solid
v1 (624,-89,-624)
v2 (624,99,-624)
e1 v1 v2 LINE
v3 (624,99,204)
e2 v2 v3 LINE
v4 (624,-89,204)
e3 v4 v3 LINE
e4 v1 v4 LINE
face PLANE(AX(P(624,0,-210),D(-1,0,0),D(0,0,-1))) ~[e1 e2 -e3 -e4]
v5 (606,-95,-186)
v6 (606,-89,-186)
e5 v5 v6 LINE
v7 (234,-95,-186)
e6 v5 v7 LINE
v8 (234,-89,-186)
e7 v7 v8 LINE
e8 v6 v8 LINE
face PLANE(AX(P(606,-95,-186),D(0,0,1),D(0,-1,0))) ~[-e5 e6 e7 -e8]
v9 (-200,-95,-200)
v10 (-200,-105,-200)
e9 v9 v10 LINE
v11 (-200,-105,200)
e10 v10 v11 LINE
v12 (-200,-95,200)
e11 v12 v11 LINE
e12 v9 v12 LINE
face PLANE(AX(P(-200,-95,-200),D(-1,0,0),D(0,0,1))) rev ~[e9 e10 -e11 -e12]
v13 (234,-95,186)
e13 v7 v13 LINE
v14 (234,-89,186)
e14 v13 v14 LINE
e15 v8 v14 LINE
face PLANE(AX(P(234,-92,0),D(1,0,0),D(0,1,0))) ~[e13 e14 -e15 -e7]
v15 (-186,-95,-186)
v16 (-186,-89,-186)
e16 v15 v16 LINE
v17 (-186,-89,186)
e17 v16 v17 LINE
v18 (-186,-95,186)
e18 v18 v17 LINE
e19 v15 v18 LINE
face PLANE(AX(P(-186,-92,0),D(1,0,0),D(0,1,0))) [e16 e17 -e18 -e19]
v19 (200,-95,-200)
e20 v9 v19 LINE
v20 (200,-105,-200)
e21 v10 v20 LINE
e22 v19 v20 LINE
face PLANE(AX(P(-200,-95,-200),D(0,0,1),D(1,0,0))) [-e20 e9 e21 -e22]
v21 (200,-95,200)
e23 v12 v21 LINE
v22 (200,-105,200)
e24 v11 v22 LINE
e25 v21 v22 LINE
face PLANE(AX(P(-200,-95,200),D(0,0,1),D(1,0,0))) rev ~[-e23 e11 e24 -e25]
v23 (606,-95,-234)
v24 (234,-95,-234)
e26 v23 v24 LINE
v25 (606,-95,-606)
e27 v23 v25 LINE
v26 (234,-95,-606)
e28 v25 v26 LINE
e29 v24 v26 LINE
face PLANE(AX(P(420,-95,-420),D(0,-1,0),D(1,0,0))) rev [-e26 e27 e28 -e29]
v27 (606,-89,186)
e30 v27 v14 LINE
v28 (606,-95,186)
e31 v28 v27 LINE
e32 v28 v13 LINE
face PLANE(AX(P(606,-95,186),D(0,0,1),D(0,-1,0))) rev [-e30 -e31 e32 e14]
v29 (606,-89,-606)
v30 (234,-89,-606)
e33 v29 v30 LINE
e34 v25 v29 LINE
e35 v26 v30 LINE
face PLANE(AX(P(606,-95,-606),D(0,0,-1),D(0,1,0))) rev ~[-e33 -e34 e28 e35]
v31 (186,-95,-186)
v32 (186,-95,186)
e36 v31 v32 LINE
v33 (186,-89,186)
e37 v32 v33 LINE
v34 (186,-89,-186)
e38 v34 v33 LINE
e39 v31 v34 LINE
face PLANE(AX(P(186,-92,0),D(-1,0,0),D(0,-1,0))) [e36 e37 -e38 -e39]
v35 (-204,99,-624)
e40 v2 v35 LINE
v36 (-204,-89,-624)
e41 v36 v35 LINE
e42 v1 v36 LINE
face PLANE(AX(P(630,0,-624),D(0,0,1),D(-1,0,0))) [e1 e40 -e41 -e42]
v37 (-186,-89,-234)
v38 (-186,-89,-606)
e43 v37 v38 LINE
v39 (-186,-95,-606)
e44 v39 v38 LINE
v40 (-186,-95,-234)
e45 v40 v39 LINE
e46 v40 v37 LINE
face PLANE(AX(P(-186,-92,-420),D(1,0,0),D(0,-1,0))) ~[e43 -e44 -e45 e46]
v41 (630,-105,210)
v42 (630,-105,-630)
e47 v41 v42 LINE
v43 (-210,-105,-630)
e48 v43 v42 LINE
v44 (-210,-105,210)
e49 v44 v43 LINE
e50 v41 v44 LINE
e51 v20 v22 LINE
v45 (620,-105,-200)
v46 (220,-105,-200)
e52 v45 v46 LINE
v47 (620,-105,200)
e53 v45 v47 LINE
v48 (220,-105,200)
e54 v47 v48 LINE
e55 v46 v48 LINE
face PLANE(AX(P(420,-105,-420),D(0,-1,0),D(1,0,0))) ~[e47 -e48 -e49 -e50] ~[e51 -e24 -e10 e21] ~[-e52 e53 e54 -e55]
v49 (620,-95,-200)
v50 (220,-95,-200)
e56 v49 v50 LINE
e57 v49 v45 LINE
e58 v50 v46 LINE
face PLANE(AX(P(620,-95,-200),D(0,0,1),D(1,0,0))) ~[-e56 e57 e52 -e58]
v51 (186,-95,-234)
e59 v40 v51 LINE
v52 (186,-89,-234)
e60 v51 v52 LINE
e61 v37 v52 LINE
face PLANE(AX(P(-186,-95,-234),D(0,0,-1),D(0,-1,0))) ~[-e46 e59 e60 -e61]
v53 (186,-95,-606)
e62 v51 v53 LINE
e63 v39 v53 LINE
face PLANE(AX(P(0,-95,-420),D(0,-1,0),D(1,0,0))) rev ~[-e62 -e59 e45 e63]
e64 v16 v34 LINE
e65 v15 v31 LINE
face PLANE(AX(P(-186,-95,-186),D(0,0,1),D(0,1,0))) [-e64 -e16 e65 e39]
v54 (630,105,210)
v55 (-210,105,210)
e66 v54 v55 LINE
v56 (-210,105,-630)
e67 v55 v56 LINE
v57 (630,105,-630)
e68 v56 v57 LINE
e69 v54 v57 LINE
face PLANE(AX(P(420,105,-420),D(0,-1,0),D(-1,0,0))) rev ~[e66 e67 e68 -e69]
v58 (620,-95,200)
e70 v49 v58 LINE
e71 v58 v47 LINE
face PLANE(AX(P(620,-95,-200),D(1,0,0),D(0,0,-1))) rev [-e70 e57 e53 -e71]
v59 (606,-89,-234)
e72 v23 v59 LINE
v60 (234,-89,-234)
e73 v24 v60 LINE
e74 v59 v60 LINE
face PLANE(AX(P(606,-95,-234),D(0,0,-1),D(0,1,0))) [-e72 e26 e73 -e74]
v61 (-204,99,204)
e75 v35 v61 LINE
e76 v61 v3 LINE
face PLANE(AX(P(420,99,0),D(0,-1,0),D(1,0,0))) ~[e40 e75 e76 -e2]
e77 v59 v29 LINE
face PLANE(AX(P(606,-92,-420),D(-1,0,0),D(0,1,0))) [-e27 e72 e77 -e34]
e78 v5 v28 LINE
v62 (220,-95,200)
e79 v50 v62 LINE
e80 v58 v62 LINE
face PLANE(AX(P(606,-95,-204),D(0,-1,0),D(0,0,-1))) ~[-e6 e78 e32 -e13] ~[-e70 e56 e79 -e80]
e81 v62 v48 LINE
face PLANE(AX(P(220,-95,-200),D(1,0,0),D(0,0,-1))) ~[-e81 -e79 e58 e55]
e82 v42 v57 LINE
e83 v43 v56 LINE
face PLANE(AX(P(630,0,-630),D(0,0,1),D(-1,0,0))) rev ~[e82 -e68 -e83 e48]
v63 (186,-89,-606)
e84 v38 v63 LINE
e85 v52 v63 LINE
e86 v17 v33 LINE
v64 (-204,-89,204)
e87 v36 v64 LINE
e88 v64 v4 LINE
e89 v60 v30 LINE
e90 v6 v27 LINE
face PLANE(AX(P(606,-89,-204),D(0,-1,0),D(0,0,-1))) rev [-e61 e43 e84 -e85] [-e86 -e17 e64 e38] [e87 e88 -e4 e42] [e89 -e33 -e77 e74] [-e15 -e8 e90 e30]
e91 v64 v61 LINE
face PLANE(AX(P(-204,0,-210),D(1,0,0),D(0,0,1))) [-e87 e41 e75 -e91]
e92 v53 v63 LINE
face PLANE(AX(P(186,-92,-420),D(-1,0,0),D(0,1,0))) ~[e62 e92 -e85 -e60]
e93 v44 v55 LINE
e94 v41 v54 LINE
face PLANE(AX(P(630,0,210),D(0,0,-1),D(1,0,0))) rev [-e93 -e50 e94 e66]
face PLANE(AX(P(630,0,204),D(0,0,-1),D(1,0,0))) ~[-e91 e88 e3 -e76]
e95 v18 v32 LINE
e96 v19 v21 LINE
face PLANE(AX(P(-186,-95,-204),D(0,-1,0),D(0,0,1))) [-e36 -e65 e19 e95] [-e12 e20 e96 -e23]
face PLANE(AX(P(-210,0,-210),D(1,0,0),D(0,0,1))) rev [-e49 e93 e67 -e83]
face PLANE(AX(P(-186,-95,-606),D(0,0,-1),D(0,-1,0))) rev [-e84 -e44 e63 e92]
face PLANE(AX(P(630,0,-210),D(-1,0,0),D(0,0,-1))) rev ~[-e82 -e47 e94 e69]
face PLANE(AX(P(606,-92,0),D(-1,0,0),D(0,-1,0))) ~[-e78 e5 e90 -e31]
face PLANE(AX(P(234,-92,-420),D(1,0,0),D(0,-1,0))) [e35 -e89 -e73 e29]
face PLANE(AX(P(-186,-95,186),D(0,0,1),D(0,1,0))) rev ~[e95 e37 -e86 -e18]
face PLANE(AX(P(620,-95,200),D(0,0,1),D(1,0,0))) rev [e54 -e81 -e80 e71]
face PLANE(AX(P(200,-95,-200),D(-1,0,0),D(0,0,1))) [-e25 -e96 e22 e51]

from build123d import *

# Parameters (mm, degrees)
F0_W      = 420
F0_H      = 420
F1_DEPTH  = 105
F2_T      = -6
F3_W      = 6
F3_H      = 408
F4_DEPTH  = 18
F5_W      = 6
F5_H      = 408
F6_DEPTH  = 18
F7_W      = 6
F7_H      = 18
F8_DEPTH  = 372
F9_W      = 6
F9_H      = 18
F10_DEPTH = 372
F11_W     = 408
F11_H     = 408
F11_W_2   = 400
F11_H_2   = 400
F12_DEPTH = 10
F14_W     = 400
F14_H     = 400
F15_DEPTH = 10
F16_DEPTH = 25.4
F18_DEPTH = 25.4


with BuildPart() as f1:
    # F0 (on Front) → F1 (new body, symmetric)
    with BuildSketch(Plane.XZ):
        Rectangle(F0_W, F0_H)
    extrude(amount=F1_DEPTH, both=True)

    # F2
    f2_openings = [f1.faces().sort_by_distance(p)[0] for p in [
        (0, -105, 0),
    ]]
    offset(amount=F2_T, openings=f2_openings)

    # F3 (on face) → F4 (join)
    with BuildSketch(Plane.YZ.offset(-204)):
        with Locations((-92, 0)):
            Rectangle(F3_W, F3_H)
    extrude(amount=F4_DEPTH)

    # F5 (on face) → F6 (join)
    with BuildSketch(Plane(origin=(204, 0, 0), x_dir=(0, -1, 0), z_dir=(-1, 0, 0))):
        with Locations((92, 0)):
            Rectangle(F5_W, F5_H)
    extrude(amount=F6_DEPTH)

    # F7 (on face) → F8 (join, through all)
    with BuildSketch(Plane.YZ.offset(-186)):
        with Locations((-92, 195)):
            Rectangle(F7_W, F7_H)
    extrude(amount=F8_DEPTH)

    # F9 (on face) → F10 (join, through all)
    with BuildSketch(Plane.YZ.offset(-186)):
        with Locations((-92, -195)):
            Rectangle(F9_W, F9_H)
    extrude(amount=F10_DEPTH)

    # F11 (on face) → F12 (join)
    with BuildSketch(Plane.XZ.offset(95)):
        Rectangle(F11_W, F11_H)
        Rectangle(F11_W_2, F11_H_2, mode=Mode.SUBTRACT)
    extrude(amount=F12_DEPTH)

    # F13: F1 across face


with BuildPart() as f1_1:
    add(f1.part)
    add(f1.part.mirror(Plane(origin=(0, 0, -210), x_dir=(1, 0, 0), z_dir=(0, 0, -1))))

    # F14 (on face) → F15 (join)
    with BuildSketch(Plane.XZ.offset(95)):
        with Locations((0, -420)):
            Rectangle(F14_W, F14_H)
    extrude(amount=F15_DEPTH)

    # F16 (cut): a face of the model
    f16_faces = [f1_1.faces().sort_by_distance(p)[0] for p in [
        (0, 5, -204),
    ]]
    extrude(f16_faces, amount=-F16_DEPTH, mode=Mode.SUBTRACT)

    # F17: F1 across face


with BuildPart() as f1_2:
    add(f1_1.part)
    add(f1_1.part.mirror(Plane(origin=(210, 0, -210), x_dir=(0, 1, 0), z_dir=(1, 0, 0))))

    # F18 (cut): a face of the model
    f18_faces = [f1_2.faces().sort_by_distance(p)[0] for p in [
        (216, 5, -210),
    ]]
    extrude(f18_faces, amount=-F18_DEPTH, mode=Mode.SUBTRACT)


solid = f1_2.part
